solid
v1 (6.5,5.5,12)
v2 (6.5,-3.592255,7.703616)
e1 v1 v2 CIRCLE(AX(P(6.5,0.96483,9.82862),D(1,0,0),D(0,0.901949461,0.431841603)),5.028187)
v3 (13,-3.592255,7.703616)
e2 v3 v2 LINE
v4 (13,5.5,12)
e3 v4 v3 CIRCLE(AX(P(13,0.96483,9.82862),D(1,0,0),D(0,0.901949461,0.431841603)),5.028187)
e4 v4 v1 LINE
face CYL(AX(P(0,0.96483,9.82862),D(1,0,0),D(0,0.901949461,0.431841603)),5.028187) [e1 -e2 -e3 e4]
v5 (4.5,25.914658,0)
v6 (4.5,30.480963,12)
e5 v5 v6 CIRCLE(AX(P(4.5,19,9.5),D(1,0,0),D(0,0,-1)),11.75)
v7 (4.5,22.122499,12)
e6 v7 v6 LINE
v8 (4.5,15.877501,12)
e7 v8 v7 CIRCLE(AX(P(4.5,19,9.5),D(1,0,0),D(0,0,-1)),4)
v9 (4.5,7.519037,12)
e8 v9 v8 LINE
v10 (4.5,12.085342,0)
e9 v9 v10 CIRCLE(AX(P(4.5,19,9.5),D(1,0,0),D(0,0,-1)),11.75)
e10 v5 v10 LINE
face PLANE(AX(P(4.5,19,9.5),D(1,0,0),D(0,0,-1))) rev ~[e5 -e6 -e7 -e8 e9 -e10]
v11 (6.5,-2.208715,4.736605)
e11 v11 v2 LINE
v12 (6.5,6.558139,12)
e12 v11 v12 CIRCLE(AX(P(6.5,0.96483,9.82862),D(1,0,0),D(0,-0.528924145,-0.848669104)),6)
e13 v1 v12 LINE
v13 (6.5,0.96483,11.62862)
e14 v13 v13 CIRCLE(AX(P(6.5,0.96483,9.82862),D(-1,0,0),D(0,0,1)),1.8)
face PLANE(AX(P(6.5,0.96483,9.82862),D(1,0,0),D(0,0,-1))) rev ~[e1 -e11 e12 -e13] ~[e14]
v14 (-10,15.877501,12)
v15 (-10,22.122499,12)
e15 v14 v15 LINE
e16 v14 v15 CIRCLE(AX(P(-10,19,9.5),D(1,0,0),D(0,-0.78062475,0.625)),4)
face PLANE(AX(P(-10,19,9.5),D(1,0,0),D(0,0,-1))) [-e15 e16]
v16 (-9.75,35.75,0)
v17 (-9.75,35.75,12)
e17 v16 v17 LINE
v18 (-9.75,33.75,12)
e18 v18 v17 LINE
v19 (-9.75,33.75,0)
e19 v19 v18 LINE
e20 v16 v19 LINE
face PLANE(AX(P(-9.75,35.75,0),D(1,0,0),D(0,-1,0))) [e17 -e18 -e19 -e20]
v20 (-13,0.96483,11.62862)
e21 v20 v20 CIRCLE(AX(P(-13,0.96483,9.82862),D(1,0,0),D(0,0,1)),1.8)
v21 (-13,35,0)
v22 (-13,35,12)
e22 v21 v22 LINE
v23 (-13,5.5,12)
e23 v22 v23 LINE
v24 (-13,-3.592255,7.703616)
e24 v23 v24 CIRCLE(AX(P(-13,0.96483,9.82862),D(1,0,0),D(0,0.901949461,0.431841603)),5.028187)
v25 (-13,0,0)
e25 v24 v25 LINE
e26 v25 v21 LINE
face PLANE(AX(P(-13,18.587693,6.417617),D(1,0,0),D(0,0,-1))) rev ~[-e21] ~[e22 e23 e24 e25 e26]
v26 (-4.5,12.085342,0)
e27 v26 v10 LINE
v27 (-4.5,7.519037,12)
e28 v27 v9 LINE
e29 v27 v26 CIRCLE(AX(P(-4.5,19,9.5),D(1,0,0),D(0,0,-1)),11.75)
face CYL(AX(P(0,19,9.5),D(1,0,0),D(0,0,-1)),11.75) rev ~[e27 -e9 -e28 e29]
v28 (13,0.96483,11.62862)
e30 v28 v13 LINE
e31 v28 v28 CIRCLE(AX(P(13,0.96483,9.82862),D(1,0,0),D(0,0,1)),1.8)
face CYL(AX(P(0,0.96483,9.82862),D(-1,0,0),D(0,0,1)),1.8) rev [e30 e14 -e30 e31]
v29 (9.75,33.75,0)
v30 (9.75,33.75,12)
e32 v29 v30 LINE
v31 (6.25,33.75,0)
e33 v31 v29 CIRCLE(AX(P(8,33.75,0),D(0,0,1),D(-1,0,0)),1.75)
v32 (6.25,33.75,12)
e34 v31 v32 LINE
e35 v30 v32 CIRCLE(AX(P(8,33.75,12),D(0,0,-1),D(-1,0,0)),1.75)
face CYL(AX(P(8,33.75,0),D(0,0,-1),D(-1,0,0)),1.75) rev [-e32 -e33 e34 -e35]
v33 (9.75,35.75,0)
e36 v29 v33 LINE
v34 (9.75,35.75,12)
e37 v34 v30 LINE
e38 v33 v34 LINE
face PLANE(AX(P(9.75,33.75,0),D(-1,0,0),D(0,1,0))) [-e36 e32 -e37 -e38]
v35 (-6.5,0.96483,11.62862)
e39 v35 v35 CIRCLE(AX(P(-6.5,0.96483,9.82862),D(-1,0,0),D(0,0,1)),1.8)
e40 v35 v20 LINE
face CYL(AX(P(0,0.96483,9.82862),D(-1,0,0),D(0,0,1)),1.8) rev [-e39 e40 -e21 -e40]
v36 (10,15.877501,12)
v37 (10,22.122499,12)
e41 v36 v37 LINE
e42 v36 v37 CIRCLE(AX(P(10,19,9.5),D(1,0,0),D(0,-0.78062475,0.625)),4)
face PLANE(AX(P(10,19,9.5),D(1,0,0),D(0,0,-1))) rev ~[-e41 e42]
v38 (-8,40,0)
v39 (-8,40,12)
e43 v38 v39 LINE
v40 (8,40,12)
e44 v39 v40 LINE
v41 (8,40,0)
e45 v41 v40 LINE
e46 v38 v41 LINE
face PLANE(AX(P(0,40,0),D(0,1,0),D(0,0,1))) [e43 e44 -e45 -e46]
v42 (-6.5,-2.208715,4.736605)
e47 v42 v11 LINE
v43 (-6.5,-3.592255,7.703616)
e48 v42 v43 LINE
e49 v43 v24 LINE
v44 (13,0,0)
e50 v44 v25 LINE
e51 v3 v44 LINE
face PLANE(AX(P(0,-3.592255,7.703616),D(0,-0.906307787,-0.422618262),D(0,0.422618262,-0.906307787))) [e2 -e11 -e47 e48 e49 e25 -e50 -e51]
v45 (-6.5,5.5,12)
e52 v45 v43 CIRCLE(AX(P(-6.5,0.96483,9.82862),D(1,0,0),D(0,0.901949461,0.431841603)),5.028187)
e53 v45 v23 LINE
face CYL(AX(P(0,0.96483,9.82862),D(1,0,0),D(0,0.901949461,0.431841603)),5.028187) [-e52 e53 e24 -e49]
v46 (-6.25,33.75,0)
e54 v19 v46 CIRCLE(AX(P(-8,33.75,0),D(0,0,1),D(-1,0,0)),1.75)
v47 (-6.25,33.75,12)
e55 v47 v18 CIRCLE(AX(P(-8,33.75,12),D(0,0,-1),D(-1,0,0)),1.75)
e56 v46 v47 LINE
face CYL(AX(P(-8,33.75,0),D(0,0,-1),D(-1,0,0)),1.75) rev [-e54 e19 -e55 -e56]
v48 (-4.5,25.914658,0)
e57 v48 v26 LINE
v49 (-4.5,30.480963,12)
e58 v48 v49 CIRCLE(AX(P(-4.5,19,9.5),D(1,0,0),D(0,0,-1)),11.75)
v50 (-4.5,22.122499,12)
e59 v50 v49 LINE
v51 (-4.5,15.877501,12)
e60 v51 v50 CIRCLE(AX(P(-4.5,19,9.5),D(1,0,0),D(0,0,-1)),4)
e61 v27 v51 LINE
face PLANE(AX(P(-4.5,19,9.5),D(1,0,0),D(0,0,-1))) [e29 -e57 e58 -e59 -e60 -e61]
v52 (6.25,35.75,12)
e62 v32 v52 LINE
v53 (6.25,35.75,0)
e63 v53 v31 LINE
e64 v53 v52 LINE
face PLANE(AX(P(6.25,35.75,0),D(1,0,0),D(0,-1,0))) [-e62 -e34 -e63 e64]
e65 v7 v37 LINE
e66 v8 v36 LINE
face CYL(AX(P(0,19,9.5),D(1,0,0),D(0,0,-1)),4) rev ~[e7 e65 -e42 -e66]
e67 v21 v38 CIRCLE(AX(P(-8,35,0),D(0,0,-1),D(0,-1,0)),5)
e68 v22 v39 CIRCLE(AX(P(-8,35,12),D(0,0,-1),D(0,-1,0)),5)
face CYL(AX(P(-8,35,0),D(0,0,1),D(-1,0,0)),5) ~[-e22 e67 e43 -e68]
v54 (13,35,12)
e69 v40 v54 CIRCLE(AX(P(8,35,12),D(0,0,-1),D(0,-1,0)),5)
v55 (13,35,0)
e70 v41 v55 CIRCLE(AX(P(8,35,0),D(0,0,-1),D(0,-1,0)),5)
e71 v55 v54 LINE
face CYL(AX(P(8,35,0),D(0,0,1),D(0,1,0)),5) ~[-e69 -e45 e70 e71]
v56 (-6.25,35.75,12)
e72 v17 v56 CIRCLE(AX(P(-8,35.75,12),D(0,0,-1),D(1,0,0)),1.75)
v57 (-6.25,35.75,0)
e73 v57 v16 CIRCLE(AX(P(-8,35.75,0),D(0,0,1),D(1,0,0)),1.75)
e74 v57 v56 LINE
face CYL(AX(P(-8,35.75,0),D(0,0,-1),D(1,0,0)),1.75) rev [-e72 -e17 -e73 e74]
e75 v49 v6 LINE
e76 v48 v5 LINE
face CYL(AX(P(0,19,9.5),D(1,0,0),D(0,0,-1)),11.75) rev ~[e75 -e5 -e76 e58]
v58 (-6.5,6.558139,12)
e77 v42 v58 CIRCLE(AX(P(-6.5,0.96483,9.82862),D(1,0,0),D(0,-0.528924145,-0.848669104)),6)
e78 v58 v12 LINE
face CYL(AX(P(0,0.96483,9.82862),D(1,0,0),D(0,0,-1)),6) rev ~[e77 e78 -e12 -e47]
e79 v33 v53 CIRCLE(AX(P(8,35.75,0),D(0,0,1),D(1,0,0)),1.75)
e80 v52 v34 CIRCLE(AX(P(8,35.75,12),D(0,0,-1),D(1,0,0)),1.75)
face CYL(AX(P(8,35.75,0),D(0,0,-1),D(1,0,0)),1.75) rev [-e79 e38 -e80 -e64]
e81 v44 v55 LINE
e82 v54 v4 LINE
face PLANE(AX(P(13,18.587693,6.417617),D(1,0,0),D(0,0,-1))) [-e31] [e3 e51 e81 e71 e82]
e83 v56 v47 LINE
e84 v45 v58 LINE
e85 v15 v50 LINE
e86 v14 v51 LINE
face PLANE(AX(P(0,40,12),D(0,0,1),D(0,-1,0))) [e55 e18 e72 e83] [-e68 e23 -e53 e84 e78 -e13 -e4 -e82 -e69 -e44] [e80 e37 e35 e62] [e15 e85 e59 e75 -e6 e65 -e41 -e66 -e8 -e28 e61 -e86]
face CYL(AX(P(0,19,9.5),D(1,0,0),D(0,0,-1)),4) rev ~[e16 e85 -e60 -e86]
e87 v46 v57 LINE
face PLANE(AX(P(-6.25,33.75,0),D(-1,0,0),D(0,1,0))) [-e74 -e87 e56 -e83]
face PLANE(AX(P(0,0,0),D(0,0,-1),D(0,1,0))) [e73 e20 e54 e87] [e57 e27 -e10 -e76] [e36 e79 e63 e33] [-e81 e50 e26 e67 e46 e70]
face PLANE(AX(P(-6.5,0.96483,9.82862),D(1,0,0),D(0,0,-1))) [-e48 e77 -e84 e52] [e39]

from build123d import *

# Parameters (mm, degrees)
SKETCH1_R           = 1.8
BOSS_EXTRUDE1_DEPTH = 13
SKETCH2_R           = 4
CUT_EXTRUDE1_DEPTH  = 10
SKETCH3_R           = 11.75
CUT_EXTRUDE2_DEPTH  = 4.5
SKETCH4_R           = 6
CUT_EXTRUDE3_DEPTH  = 6.5
CUT_EXTRUDE6_DEPTH  = 45.606330279
FILLET1_R           = 5


with BuildPart() as part:
    # Sketch1 → Boss-Extrude1 (new, symmetric)
    with BuildSketch(Plane(origin=(0, 0, 0), x_dir=(0, 0, -1), z_dir=(1, 0, 0))):
        with BuildLine():
            Line((0, 0), (0, 40))
            Line((0, 40), (-12, 40))
            Line((-12, 40), (-12, 5.5))
            ThreePointArc((-12, 5.5), (-14.374806505, -1.183390223), (-7.70361619, -3.592255225))
            Line((-7.70361619, -3.592255225), (0, 0))
        make_face()
        with Locations(Location((-9.828619755, 0.964829626, 0), (0, 0, 180))):
            Circle(SKETCH1_R, mode=Mode.SUBTRACT)
    extrude(amount=BOSS_EXTRUDE1_DEPTH, both=True)

    # Sketch2 → Cut-Extrude1 (cut, symmetric)
    with BuildSketch(Plane(origin=(0, 0, 0), x_dir=(0, 0, -1), z_dir=(1, 0, 0))):
        with Locations((-9.5, 19)):
            Circle(SKETCH2_R)
    extrude(amount=CUT_EXTRUDE1_DEPTH, both=True, mode=Mode.SUBTRACT)

    # Sketch3 → Cut-Extrude2 (cut, symmetric)
    with BuildSketch(Plane(origin=(0, 0, 0), x_dir=(0, 0, -1), z_dir=(1, 0, 0))):
        with Locations((-9.5, 19)):
            Circle(SKETCH3_R)
    extrude(amount=CUT_EXTRUDE2_DEPTH, both=True, mode=Mode.SUBTRACT)

    # Sketch4 → Cut-Extrude3 (cut, symmetric)
    with BuildSketch(Plane(origin=(0, 0, 0), x_dir=(0, 0, -1), z_dir=(1, 0, 0))):
        with Locations((-9.828619755, 0.964829626)):
            Circle(SKETCH4_R)
    extrude(amount=CUT_EXTRUDE3_DEPTH, both=True, mode=Mode.SUBTRACT)

    # Sketch7 → Cut-Extrude6 (cut, through all)
    with BuildSketch(Plane(origin=(0, 0, 0), x_dir=(-1, 0, 0), z_dir=(0, 0, -1))):
        with BuildLine():
            Line((-6.25, 35.75), (-6.25, 33.75))
            ThreePointArc((-6.25, 33.75), (-8, 32), (-9.75, 33.75))
            Line((-9.75, 33.75), (-9.75, 35.75))
            ThreePointArc((-9.75, 35.75), (-8, 37.5), (-6.25, 35.75))
        make_face()
        with BuildLine():
            Line((9.75, 35.75), (9.75, 33.75))
            ThreePointArc((9.75, 33.75), (8, 32), (6.25, 33.75))
            Line((6.25, 33.75), (6.25, 35.75))
            ThreePointArc((6.25, 35.75), (8, 37.5), (9.75, 35.75))
        make_face()
    extrude(amount=-CUT_EXTRUDE6_DEPTH, mode=Mode.SUBTRACT)

    # Fillet1
    fillet1_edges = [part.edges().sort_by_distance(p)[0] for p in [
        (13, 40, 6),
        (-13, 40, 6),
    ]]
    fillet(fillet1_edges, radius=FILLET1_R)


solid = part.part
